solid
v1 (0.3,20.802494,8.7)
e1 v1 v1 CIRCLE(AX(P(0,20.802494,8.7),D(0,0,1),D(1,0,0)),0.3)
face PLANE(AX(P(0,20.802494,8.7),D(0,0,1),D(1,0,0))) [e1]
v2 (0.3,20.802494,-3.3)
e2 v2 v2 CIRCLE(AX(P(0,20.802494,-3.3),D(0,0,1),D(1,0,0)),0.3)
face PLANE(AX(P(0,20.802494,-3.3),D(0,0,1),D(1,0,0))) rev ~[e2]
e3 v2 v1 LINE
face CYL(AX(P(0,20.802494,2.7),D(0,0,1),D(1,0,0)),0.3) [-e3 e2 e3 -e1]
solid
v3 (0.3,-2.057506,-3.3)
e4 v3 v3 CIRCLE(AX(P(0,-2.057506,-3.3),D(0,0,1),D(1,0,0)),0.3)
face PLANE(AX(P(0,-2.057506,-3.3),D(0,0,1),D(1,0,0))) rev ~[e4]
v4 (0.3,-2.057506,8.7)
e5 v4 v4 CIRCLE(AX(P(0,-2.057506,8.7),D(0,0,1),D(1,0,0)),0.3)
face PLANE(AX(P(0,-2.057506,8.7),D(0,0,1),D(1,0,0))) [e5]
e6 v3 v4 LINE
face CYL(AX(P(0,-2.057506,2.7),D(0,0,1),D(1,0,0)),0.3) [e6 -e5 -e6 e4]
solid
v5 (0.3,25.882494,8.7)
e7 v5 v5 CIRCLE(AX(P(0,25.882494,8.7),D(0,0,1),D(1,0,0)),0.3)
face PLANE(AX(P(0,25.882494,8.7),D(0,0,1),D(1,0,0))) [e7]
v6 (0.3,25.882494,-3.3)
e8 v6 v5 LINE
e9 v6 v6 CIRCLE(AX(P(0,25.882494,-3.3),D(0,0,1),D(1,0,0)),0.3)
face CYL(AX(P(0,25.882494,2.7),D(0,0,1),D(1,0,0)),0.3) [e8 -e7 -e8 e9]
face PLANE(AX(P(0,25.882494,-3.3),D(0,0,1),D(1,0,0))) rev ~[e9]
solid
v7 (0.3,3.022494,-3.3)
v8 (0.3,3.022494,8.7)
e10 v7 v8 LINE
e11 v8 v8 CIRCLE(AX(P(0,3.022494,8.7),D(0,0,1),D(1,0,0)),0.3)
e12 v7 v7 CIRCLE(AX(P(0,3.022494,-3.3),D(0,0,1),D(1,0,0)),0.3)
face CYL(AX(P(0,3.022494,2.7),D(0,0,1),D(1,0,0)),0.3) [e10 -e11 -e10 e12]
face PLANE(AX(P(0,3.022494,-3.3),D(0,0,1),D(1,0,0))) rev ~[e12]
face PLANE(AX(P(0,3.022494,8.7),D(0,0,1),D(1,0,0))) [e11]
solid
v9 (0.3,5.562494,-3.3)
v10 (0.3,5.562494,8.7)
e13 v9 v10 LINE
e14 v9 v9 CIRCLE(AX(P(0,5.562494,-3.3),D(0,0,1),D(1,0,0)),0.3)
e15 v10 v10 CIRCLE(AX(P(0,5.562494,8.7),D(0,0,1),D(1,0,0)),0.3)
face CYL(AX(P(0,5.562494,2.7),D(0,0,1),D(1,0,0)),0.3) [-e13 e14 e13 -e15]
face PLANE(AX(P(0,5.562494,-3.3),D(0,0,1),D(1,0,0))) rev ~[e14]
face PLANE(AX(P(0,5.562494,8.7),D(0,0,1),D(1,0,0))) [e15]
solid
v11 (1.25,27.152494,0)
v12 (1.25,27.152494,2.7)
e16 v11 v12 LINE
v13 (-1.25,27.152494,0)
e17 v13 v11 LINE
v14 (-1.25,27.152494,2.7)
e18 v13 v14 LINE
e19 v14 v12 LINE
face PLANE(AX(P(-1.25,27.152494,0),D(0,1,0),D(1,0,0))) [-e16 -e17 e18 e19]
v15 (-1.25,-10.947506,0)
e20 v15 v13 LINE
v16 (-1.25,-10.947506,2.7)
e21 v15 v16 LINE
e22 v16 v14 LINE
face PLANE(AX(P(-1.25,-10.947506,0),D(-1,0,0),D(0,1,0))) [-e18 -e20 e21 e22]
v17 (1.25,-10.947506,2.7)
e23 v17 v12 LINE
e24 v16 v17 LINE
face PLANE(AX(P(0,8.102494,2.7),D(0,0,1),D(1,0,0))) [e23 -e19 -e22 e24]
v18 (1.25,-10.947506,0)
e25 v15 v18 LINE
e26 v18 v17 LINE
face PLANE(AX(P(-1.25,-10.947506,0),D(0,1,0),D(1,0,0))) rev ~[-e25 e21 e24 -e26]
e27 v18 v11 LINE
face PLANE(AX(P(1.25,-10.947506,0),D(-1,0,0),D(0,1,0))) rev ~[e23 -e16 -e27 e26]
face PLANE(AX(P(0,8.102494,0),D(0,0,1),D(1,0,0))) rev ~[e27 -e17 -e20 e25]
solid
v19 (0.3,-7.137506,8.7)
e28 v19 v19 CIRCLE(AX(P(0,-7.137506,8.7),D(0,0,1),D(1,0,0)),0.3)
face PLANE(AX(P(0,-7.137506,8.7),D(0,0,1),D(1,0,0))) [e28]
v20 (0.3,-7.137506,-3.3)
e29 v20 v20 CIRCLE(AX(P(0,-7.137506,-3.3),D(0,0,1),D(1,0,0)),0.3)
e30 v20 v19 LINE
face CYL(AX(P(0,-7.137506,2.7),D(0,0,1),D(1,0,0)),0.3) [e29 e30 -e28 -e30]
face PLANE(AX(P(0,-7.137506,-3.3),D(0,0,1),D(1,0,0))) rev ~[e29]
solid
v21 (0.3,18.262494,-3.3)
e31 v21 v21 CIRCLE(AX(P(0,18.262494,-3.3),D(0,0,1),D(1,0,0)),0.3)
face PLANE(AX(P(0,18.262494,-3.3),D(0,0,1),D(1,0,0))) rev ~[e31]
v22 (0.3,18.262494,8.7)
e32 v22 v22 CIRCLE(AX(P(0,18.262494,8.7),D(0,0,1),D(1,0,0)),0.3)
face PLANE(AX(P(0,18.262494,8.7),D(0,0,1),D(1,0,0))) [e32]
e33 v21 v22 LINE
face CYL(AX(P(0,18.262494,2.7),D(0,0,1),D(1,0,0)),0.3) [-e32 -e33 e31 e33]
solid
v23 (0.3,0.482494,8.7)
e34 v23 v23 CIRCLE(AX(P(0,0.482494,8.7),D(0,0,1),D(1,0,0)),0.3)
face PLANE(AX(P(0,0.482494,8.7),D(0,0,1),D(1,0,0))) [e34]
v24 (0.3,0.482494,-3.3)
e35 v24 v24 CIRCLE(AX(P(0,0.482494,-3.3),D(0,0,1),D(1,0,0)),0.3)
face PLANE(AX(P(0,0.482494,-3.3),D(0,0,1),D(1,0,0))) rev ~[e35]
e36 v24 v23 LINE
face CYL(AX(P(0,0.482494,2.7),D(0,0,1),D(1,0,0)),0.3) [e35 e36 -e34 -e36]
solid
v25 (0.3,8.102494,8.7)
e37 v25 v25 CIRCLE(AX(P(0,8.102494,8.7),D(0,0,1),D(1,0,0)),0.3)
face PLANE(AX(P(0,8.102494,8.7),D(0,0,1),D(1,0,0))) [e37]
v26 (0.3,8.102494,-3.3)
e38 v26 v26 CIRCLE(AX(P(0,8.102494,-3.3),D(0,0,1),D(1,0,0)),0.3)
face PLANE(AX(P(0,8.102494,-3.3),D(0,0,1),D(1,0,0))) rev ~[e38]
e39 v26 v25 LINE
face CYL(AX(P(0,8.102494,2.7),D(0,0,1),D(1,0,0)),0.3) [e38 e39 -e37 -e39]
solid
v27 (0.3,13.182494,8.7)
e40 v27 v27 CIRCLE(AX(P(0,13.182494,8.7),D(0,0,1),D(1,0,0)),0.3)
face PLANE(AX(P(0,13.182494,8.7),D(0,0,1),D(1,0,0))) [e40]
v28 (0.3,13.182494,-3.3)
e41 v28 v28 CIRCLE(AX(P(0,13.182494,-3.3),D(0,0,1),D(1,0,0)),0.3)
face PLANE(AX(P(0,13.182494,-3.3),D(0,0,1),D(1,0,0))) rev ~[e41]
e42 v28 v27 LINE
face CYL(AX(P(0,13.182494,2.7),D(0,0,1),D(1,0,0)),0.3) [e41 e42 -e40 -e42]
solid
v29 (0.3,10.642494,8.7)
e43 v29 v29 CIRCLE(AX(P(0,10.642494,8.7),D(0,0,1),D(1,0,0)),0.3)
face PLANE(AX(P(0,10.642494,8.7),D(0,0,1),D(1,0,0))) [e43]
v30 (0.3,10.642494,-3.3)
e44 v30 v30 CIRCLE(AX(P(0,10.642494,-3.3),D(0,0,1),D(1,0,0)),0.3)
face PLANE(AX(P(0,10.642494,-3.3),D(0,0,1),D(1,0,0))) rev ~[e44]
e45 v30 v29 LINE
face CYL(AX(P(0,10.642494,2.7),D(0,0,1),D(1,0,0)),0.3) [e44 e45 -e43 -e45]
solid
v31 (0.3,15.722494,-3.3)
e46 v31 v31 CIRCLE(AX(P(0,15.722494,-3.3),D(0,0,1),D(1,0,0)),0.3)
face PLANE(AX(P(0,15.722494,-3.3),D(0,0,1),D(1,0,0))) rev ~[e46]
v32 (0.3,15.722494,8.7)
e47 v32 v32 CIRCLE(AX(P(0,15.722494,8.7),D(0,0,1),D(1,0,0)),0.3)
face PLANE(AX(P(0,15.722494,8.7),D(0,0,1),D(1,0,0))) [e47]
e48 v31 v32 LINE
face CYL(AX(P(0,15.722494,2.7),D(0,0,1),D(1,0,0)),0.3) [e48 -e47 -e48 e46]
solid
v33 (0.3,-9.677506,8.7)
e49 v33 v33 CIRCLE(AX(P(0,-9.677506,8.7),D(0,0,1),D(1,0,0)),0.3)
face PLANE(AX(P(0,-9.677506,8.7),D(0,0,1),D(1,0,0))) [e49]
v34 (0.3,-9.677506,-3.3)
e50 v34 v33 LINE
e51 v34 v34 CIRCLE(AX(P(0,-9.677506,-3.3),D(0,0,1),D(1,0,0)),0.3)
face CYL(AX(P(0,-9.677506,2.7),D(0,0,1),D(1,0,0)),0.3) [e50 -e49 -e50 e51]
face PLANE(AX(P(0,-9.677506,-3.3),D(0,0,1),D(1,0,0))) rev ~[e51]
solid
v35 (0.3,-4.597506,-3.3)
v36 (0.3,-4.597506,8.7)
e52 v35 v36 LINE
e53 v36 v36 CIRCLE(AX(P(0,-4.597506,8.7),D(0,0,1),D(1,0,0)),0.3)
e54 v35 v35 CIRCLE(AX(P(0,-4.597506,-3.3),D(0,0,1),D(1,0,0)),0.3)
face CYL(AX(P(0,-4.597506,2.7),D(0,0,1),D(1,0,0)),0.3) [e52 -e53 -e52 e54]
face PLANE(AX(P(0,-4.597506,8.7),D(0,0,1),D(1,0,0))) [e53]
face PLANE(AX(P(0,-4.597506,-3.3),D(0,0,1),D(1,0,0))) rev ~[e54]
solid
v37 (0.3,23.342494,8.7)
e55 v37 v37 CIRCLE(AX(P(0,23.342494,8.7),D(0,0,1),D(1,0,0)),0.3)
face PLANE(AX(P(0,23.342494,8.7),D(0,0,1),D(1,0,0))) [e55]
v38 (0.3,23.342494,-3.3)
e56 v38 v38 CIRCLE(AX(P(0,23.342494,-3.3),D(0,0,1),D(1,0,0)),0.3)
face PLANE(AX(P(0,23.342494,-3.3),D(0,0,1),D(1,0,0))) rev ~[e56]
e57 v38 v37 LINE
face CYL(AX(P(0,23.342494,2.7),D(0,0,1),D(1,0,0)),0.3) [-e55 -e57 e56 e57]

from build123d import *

# Parameters (mm, degrees)
F0_W          = 2.5
F0_H          = 38.1
F1_DEPTH      = 2.7
F2_R          = 0.3
F3_DEPTH      = 6
F3_DEPTH_BACK = 6


with BuildPart() as f1:
    # F0 (on Top) → F1 (new body)
    with BuildSketch(Plane.XY):
        with Locations((0, 8.102494)):
            Rectangle(F0_W, F0_H)
    extrude(amount=F1_DEPTH)


with BuildPart() as f3:
    # F2 (on face) → F3 (new body, two sides)
    with BuildSketch(Plane.XY.offset(2.7)) as f3_sk:
        with Locations((0, 25.882494)):
            Circle(F2_R)
        with Locations((0, 23.342494)):
            Circle(F2_R)
        with Locations((0, 20.802494)):
            Circle(F2_R)
        with Locations((0, 18.262494)):
            Circle(F2_R)
        with Locations((0, 15.722494)):
            Circle(F2_R)
        with Locations((0, 13.182494)):
            Circle(F2_R)
        with Locations((0, 10.642494)):
            Circle(F2_R)
        with Locations((0, 8.102494)):
            Circle(F2_R)
        with Locations((0, 5.562494)):
            Circle(F2_R)
        with Locations((0, 3.022494)):
            Circle(F2_R)
        with Locations((0, 0.482494)):
            Circle(F2_R)
        with Locations((0, -2.057506)):
            Circle(F2_R)
        with Locations((0, -4.597506)):
            Circle(F2_R)
        with Locations((0, -7.137506)):
            Circle(F2_R)
        with Locations((0, -9.677506)):
            Circle(F2_R)
    extrude(amount=F3_DEPTH)
    extrude(f3_sk.sketch, amount=-F3_DEPTH_BACK)


solid = Compound([f1.part, f3.part])
